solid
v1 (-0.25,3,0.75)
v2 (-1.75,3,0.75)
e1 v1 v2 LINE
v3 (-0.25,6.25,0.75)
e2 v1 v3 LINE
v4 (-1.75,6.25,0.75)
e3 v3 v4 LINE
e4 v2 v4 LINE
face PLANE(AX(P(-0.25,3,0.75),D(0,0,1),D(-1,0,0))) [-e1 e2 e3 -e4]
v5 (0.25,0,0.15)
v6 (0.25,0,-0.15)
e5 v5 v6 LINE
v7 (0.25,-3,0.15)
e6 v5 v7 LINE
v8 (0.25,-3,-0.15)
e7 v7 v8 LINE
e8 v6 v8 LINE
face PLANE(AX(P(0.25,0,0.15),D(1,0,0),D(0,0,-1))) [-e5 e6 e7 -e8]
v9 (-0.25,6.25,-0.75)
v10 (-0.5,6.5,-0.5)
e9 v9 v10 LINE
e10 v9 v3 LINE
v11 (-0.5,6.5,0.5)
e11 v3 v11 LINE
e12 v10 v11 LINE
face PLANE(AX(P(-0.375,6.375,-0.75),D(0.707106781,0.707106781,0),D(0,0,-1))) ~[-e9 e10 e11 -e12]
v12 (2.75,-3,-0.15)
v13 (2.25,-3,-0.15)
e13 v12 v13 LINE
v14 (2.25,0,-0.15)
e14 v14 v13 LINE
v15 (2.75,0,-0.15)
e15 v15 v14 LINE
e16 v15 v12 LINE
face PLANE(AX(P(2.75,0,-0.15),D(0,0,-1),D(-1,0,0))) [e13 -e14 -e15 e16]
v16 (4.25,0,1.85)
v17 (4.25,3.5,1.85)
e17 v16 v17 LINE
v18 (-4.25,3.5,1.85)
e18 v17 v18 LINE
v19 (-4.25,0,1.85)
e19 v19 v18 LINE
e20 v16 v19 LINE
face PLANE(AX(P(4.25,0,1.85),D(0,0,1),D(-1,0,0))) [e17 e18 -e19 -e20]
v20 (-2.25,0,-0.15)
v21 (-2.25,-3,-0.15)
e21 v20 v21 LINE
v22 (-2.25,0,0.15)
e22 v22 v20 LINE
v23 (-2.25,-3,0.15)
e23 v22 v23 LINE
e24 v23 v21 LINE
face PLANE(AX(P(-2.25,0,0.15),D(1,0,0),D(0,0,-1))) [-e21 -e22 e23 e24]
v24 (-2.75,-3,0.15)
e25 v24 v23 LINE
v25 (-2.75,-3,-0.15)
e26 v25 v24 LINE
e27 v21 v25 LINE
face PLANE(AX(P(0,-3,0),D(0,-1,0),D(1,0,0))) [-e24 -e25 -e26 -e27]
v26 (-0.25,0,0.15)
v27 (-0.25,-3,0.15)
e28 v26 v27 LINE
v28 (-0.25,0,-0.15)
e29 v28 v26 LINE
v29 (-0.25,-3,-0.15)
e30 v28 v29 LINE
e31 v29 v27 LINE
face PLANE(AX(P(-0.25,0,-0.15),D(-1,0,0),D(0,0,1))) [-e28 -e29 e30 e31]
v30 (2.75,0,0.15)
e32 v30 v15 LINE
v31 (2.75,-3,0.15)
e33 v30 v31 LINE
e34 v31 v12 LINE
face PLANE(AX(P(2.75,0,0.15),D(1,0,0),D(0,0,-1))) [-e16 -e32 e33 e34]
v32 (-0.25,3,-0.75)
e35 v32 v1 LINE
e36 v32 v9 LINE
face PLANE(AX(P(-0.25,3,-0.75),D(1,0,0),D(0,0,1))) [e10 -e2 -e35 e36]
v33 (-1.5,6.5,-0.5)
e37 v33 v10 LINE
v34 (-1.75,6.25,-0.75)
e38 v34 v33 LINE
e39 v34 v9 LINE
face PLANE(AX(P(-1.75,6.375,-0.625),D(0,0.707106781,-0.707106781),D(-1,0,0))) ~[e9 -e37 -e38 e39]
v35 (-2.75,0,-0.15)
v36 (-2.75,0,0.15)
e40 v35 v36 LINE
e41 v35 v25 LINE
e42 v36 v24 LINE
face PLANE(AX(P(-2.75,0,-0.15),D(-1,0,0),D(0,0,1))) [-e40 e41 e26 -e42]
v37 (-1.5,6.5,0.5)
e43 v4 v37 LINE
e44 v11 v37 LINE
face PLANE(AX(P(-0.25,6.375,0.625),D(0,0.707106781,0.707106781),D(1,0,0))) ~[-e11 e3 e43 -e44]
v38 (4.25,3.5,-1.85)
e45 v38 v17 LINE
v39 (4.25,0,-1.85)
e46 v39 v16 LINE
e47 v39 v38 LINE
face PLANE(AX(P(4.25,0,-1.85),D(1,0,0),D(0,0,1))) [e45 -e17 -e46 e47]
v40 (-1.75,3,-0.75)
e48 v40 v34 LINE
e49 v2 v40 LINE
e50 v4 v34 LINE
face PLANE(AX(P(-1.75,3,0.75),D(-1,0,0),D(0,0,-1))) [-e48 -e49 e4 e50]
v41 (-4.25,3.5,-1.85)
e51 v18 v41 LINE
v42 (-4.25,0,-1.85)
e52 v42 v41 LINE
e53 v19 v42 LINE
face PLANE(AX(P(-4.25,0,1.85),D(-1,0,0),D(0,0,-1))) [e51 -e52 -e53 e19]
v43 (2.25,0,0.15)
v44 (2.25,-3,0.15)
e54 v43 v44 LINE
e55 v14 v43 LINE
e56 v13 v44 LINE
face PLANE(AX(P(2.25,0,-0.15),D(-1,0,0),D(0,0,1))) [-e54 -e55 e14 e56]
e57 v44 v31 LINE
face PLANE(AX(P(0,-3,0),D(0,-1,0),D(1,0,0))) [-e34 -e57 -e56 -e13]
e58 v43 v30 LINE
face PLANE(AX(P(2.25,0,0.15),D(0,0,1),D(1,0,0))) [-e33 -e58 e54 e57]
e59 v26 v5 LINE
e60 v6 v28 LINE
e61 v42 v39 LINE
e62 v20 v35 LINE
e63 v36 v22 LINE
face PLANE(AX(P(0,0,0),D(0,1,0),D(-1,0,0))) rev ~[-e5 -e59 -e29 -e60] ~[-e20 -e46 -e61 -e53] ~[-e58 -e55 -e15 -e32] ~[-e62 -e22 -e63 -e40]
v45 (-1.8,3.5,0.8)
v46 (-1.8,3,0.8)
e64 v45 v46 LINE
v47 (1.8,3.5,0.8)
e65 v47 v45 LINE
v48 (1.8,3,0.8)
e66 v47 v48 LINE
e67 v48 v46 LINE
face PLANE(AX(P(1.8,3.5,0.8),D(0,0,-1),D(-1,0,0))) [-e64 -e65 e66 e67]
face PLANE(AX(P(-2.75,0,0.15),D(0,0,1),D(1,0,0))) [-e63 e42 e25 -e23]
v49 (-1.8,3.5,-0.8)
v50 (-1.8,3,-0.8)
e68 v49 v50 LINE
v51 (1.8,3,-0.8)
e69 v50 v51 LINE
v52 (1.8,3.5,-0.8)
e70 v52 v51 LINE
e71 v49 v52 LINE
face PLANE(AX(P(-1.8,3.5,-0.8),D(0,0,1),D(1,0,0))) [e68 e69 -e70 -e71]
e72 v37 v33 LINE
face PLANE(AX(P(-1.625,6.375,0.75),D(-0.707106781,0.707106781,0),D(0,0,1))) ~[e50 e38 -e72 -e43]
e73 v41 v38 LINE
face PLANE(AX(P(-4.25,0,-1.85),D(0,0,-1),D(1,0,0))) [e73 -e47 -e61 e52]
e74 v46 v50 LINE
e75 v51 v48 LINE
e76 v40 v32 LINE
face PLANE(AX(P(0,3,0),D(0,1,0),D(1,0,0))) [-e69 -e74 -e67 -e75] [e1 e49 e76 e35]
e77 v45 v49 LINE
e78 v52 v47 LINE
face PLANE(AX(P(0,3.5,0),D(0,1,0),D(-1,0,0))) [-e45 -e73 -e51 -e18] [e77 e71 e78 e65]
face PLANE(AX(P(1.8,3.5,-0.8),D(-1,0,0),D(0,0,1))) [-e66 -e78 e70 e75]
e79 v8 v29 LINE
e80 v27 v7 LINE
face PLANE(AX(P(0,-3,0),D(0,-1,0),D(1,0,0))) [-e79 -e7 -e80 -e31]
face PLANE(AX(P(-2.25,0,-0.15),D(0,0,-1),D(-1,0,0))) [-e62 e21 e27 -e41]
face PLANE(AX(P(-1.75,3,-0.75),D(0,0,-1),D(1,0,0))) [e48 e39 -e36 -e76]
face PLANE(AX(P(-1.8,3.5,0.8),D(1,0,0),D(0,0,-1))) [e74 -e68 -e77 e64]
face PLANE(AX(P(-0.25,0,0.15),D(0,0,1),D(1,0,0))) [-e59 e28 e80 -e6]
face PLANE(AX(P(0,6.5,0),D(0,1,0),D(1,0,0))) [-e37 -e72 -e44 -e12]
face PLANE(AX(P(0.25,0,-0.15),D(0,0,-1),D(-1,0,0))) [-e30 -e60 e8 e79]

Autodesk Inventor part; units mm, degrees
ref_plane "YZ Plane" through (0, 0, 0) normal (1, 0, 0) x (0, 1, 0)
ref_plane "XZ Plane" through (0, 0, 0) normal (0, 1, 0) x (-1, 0, 0)
ref_plane "XY Plane" through (0, 0, 0) normal (0, 0, 1) x (1, 0, 0)
sketch "Sketch1" plane through (0, 0, 0) normal (0, 1, 0) x (-1, 0, 0)
  line L0 (4.25, -1.85) -> (-4.25, -1.85)
  line L1 (-4.25, -1.85) -> (-4.25, 1.85)
  line L2 (-4.25, 1.85) -> (4.25, 1.85)
  line L3 (4.25, 1.85) -> (4.25, -1.85)
  point P0 (0, 0)
  point P1 (4.25, 0)
  point P2 (0, -1.85)
  dimension "d0" = 8.5
  dimension "d1" = 3.7
extrude "Extrusion1" add sketch "Sketch1" along normal blind 3.5
sketch "Sketch2" plane through (0, 0, 0) normal (0, -1, 0) x (1, 0, 0)
  line L0 (4.25, 1.85) -> (-4.25, 1.85) projected
  line L1 (-2.75, 0.15) -> (-2.25, 0.15)
  line L2 (-2.25, 0.15) -> (-2.25, -0.15)
  line L3 (-2.25, -0.15) -> (-2.75, -0.15)
  line L4 (-2.75, -0.15) -> (-2.75, 0.15)
  line L5 (-0.25, 0.15) -> (0.25, 0.15)
  line L6 (0.25, 0.15) -> (0.25, -0.15)
  line L7 (0.25, -0.15) -> (-0.25, -0.15)
  line L8 (-0.25, -0.15) -> (-0.25, 0.15)
  line L9 (2.25, 0.15) -> (2.75, 0.15)
  line L10 (2.75, 0.15) -> (2.75, -0.15)
  line L11 (2.75, -0.15) -> (2.25, -0.15)
  line L12 (2.25, -0.15) -> (2.25, 0.15)
  point P0 (0, 0)
  point P1 (-2.75, 0)
  point P2 (-2.5, 0.15)
  point P3 (-0.25, 0)
  point P4 (0, 0.15)
  point P5 (2.25, 0)
  point P6 (2.5, 0.15)
  dimension "d4" = 0.5
  dimension "d5" = 0.3
  dimension "d6" = 2.5
  dimension "d9" = 2.5
extrude "Extrusion2" add sketch "Sketch2" along normal blind 3
sketch "Sketch3" plane through (0, 3.5, 0) normal (0, 1, 0) x (1, 0, 0)
  line L0 (-1.8, 0.8) -> (1.8, 0.8)
  line L1 (1.8, 0.8) -> (1.8, -0.8)
  line L2 (1.8, -0.8) -> (-1.8, -0.8)
  line L3 (-1.8, -0.8) -> (-1.8, 0.8)
  point P0 (0, 0)
  point P1 (-1.8, 0)
  point P2 (0, 0.8)
  dimension "d16" = 1.6
  dimension "d17" = 3.6
extrude "Extrusion3" cut sketch "Sketch3" against normal blind 0.5
sketch "Sketch4" plane through (0, 3, 0) normal (0, 1, 0) x (1, 0, 0)
  line L0 (-1.8, -0.8) -> (-1.8, 0.8) projected
  line L1 (-1.75, 0.75) -> (-0.25, 0.75)
  line L2 (-0.25, 0.75) -> (-0.25, -0.75)
  line L3 (-0.25, -0.75) -> (-1.75, -0.75)
  line L4 (-1.75, -0.75) -> (-1.75, 0.75)
  point P0 (0, 0)
  point P1 (-1.75, 0)
  dimension "d20" = 1.5
  dimension "d21" = 0.05
extrude "Extrusion4" add sketch "Sketch4" along normal blind 3.5
chamfer "Chamfer1" distance 0.25 angle 45 4 edges at (-1, 6.5, 0.75) (-0.25, 6.5, 0) (-1, 6.5, -0.75) (-1.75, 6.5, 0)
properties part number "Pololu #1408 Mini Slide Switch"
